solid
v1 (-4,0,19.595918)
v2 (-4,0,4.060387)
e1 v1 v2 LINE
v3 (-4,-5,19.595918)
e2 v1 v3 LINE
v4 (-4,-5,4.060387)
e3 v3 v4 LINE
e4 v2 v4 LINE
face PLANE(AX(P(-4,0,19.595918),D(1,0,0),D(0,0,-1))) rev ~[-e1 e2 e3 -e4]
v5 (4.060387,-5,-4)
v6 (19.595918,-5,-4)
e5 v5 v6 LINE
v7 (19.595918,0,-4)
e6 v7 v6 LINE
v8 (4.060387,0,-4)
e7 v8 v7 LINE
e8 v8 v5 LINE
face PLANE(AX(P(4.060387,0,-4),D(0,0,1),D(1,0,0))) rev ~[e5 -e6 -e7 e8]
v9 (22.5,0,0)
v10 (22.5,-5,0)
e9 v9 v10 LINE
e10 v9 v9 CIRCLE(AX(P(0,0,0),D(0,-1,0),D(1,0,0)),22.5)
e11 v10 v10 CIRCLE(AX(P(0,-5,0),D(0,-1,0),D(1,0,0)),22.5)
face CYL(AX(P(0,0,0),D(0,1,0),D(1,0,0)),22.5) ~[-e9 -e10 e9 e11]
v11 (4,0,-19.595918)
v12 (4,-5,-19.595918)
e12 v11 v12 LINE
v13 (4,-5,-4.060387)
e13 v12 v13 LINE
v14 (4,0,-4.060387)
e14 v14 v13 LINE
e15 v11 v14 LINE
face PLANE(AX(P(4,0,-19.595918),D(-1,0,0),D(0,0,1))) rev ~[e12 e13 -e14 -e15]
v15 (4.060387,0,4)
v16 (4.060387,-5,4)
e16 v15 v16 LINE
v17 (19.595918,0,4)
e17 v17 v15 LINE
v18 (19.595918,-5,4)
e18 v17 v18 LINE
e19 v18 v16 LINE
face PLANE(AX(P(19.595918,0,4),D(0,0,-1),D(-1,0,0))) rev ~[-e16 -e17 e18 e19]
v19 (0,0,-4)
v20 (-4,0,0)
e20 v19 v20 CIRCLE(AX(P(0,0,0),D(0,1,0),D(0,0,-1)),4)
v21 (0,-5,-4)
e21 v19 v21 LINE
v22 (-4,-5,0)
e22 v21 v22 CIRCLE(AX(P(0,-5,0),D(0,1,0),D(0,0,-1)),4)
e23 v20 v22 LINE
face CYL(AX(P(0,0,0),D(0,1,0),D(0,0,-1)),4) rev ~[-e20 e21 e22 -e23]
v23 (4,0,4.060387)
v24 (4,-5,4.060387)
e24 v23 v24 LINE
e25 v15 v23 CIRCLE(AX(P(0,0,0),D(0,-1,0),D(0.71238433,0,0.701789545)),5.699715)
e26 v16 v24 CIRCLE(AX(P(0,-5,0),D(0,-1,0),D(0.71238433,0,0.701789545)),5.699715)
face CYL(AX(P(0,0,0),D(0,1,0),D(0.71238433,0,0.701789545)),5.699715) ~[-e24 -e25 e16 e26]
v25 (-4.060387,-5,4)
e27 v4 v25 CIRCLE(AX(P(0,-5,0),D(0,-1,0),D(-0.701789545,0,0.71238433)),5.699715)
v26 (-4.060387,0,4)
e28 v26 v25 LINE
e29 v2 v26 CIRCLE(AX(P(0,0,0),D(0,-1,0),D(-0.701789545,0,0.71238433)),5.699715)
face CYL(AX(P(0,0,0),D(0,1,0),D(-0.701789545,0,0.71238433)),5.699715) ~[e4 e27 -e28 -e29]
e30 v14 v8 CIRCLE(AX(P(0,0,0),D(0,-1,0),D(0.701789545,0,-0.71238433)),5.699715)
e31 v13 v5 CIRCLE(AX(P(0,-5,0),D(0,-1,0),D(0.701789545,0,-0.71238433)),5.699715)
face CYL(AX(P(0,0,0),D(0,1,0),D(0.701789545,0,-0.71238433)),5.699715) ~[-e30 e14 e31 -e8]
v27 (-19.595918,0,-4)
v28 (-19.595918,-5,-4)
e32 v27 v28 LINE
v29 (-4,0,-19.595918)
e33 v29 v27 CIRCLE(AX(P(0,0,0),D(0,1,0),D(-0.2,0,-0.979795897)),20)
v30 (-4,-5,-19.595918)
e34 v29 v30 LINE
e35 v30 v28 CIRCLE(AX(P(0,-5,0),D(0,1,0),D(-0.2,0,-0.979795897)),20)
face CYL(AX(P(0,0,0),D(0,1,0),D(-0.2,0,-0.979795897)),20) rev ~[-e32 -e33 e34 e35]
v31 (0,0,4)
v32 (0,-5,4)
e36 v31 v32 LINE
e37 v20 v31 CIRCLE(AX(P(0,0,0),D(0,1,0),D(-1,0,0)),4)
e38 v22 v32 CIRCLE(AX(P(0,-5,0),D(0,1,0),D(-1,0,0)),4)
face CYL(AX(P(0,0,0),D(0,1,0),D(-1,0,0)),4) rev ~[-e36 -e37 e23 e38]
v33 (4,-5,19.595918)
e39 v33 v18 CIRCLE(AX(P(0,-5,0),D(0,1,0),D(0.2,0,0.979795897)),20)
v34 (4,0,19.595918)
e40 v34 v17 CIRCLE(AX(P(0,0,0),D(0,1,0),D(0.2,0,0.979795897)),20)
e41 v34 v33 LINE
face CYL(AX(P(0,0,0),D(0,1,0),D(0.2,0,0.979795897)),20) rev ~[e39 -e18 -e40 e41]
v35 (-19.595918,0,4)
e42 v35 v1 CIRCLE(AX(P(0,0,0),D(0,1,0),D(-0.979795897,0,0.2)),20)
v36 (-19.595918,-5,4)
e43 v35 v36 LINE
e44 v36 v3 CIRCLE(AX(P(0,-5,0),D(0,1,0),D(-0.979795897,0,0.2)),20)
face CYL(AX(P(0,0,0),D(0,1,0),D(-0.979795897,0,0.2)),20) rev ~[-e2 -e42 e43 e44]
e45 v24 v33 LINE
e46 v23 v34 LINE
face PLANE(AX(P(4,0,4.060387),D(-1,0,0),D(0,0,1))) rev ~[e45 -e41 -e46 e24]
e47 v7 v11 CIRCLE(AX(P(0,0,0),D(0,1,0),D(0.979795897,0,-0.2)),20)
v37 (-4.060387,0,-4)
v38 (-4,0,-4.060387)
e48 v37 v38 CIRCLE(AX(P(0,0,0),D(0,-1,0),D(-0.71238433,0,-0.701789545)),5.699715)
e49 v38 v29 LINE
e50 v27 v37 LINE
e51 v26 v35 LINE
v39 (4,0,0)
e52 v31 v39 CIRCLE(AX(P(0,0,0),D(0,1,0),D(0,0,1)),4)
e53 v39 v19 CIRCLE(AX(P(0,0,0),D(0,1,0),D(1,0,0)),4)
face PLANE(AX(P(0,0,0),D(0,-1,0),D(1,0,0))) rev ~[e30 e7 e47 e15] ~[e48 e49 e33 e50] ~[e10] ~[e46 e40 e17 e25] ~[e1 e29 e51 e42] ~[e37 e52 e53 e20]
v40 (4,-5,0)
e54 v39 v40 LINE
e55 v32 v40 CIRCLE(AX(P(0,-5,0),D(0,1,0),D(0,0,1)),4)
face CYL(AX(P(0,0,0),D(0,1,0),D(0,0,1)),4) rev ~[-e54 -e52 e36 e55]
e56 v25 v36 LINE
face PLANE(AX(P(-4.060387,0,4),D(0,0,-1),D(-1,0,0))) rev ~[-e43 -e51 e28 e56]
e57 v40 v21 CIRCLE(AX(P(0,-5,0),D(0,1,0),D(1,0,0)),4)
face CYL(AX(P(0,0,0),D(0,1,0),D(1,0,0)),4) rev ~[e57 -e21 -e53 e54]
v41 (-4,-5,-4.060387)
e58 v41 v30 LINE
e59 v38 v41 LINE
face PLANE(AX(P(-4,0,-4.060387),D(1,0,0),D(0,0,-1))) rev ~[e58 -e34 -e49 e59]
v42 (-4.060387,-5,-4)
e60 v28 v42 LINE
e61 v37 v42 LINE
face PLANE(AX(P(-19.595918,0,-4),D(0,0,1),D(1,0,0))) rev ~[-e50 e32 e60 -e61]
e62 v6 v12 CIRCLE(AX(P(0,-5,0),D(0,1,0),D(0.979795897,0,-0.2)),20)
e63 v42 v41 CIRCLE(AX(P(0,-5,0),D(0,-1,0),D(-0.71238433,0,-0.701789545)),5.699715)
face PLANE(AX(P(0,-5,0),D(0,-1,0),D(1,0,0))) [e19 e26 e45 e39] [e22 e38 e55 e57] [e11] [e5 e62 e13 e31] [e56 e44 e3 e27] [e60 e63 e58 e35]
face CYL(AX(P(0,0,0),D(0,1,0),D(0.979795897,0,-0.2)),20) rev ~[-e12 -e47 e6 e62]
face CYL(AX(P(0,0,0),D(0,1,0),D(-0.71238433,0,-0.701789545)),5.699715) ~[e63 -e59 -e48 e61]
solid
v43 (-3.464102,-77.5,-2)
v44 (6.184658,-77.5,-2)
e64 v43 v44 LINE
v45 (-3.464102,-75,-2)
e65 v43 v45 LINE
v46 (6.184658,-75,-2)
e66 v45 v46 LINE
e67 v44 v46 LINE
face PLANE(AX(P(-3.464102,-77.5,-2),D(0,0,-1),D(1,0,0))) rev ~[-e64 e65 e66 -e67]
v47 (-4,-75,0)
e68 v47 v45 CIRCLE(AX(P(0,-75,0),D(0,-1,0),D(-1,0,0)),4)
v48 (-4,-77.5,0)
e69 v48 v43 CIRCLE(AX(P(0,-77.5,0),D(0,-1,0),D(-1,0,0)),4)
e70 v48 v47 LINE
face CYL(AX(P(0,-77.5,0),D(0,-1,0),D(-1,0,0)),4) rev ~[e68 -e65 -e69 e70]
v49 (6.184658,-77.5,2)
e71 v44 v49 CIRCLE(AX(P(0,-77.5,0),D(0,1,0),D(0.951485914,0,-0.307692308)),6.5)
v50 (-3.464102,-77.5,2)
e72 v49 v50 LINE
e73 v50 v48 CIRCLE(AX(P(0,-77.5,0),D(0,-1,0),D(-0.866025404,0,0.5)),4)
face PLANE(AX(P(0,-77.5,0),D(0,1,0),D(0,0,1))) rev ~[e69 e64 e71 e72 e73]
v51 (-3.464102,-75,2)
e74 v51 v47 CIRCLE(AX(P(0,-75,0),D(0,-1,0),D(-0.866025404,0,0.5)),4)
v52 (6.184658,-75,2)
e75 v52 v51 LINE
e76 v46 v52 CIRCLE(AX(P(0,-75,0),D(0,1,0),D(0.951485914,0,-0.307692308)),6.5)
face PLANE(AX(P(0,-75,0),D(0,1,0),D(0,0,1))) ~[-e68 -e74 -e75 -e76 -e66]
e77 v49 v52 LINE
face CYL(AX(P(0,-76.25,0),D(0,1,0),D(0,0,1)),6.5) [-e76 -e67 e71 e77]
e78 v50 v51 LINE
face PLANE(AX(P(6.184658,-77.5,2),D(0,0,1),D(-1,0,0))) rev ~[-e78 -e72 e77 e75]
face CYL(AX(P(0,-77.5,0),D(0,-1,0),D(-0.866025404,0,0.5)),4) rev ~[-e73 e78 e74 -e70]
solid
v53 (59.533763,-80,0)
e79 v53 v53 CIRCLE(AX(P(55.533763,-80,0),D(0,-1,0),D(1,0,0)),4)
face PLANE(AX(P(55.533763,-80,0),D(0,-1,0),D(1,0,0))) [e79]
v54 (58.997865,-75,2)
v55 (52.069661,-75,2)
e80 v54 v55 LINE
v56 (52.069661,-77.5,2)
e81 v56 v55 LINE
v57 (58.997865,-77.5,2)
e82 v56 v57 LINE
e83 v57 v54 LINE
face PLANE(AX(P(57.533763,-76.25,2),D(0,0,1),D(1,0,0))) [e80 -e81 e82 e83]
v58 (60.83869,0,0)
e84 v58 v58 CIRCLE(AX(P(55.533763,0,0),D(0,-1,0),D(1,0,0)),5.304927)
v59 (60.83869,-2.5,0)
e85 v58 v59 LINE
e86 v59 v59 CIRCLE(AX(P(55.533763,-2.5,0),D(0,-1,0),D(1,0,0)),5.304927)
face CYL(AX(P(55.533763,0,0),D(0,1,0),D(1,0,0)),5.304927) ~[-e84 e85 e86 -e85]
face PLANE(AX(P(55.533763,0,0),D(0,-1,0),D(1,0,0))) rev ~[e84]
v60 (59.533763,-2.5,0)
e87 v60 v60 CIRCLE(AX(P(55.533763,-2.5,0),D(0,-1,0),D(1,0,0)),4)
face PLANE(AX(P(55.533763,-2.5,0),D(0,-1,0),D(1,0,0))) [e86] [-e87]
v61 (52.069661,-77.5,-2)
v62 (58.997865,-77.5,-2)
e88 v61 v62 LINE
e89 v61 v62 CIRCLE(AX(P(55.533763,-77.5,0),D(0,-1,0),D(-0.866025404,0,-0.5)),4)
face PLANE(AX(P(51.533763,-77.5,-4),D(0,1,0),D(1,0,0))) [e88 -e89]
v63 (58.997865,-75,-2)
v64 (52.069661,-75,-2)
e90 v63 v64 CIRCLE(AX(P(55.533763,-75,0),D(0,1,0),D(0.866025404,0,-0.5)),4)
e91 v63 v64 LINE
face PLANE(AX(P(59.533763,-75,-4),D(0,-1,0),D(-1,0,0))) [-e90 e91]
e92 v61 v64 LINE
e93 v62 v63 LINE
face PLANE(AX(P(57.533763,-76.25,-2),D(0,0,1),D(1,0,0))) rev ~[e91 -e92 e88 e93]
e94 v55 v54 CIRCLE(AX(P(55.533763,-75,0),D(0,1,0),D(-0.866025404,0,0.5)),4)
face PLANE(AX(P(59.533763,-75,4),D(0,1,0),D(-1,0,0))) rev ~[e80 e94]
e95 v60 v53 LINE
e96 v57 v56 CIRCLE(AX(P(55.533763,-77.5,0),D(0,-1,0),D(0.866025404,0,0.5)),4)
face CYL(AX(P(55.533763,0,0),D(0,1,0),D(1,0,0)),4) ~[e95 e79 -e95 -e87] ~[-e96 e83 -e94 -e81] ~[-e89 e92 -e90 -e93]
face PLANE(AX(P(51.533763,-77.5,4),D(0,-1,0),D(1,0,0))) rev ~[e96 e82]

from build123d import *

# Parameters (mm, degrees)
F0_R      = 22.5
F1_DEPTH  = 5
F0_R_2    = 4
F2_DEPTH  = 80
F0_R_3    = 5.3049269063
F3_DEPTH  = 2.5
F6_W      = 4
F6_H      = 2.5
F7_DEPTH  = 2
F9_W      = 4
F9_H      = 2.5
F10_DEPTH = 2
F11_W     = 2.5
F11_H     = 2
F11_H_2   = 2.5
F14_DEPTH = 25


with BuildPart() as f1:
    # F0 (on Front) → F1 (new body)
    with BuildSketch(Plane.XZ):
        Circle(F0_R)
        with BuildLine():
            ThreePointArc((19.5959179423, 4), (19.8987230601, 2.0101792401), (20, 0))
            ThreePointArc((20, 0), (19.8987230601, -2.0101792401), (19.5959179423, -4))
            ThreePointArc((19.5959179423, -4), (14.1421356237, -14.1421356237), (4, -19.5959179423))
            ThreePointArc((4, -19.5959179423), (2.0101792401, -19.8987230601), (0, -20))
            ThreePointArc((0, -20), (-2.0101792401, -19.8987230601), (-4, -19.5959179423))
            ThreePointArc((-4, -19.5959179423), (-14.1421356237, -14.1421356237), (-19.5959179423, -4))
            ThreePointArc((-19.5959179423, -4), (-19.8987230601, -2.0101792401), (-20, 0))
            ThreePointArc((-20, 0), (-19.8987230601, 2.0101792401), (-19.5959179423, 4))
            ThreePointArc((-19.5959179423, 4), (-14.1421356237, 14.1421356237), (-4, 19.5959179423))
            ThreePointArc((-4, 19.5959179423), (-2.0101792401, 19.8987230601), (0, 20))
            ThreePointArc((0, 20), (2.0101792401, 19.8987230601), (4, 19.5959179423))
            ThreePointArc((4, 19.5959179423), (14.1421356237, 14.1421356237), (19.5959179423, 4))
        make_face(mode=Mode.SUBTRACT)
        with BuildLine():
            Line((-4.0603872565, 4), (-19.5959179423, 4))
            ThreePointArc((-19.5959179423, 4), (-19.8987230601, 2.0101792401), (-20, 0))
            Line((-20, 0), (-5.6997144378, 0))
            ThreePointArc((-5.6997144378, 0), (-5.2739829608, 2.1614459054), (-4.0603872565, 4))
        make_face()
        with BuildLine():
            Line((-4, 4), (0, 4))
            Line((0, 4), (0, 5.6997144378))
            ThreePointArc((0, 5.6997144378), (-2.1614459054, 5.2739829608), (-4, 4.0603872565))
            Line((-4, 4.0603872565), (-4, 4))
        make_face()
        with BuildLine():
            Line((0, 5.6997144378), (0, 20))
            ThreePointArc((0, 20), (-2.0101792401, 19.8987230601), (-4, 19.5959179423))
            Line((-4, 19.5959179423), (-4, 4.0603872565))
            ThreePointArc((-4, 4.0603872565), (-2.1614459054, 5.2739829608), (0, 5.6997144378))
        make_face()
        with BuildLine():
            Line((4, 4), (4, 4.0603872565))
            ThreePointArc((4, 4.0603872565), (2.1614459054, 5.2739829608), (0, 5.6997144378))
            Line((0, 5.6997144378), (0, 4))
            Line((0, 4), (4, 4))
        make_face()
        with BuildLine():
            Line((4, 4.0603872565), (4, 19.5959179423))
            ThreePointArc((4, 19.5959179423), (2.0101792401, 19.8987230601), (0, 20))
            Line((0, 20), (0, 5.6997144378))
            ThreePointArc((0, 5.6997144378), (2.1614459054, 5.2739829608), (4, 4.0603872565))
        make_face()
        with BuildLine():
            ThreePointArc((-20, 0), (-19.8987230601, -2.0101792401), (-19.5959179423, -4))
            Line((-19.5959179423, -4), (-4.0603872565, -4))
            ThreePointArc((-4.0603872565, -4), (-5.2739829608, -2.1614459054), (-5.6997144378, 0))
            Line((-5.6997144378, 0), (-20, 0))
        make_face()
        with BuildLine():
            ThreePointArc((0, 4), (2.8284271247, 2.8284271247), (4, 0))
            Line((4, 0), (4, 4))
            Line((4, 4), (0, 4))
        make_face()
        with BuildLine():
            Line((5.6997144378, 0), (20, 0))
            ThreePointArc((20, 0), (19.8987230601, 2.0101792401), (19.5959179423, 4))
            Line((19.5959179423, 4), (4.0603872565, 4))
            ThreePointArc((4.0603872565, 4), (5.2739829608, 2.1614459054), (5.6997144378, 0))
        make_face()
        with BuildLine():
            ThreePointArc((-4, 0), (-2.8284271247, 2.8284271247), (0, 4))
            Line((0, 4), (-4, 4))
            Line((-4, 4), (-4, 0))
        make_face()
        with BuildLine():
            Line((-4, -4), (0, -4))
            ThreePointArc((0, -4), (-2.8284271247, -2.8284271247), (-4, 0))
            Line((-4, 0), (-4, -4))
        make_face()
        with BuildLine():
            Line((4, -4), (4, 0))
            ThreePointArc((4, 0), (2.8284271247, -2.8284271247), (0, -4))
            Line((0, -4), (4, -4))
        make_face()
        with BuildLine():
            ThreePointArc((19.5959179423, -4), (19.8987230601, -2.0101792401), (20, 0))
            Line((20, 0), (5.6997144378, 0))
            ThreePointArc((5.6997144378, 0), (5.2739829608, -2.1614459054), (4.0603872565, -4))
            Line((4.0603872565, -4), (19.5959179423, -4))
        make_face()
        with BuildLine():
            ThreePointArc((0, -5.6997144378), (2.1614459054, -5.2739829608), (4, -4.0603872565))
            Line((4, -4.0603872565), (4, -4))
            Line((4, -4), (0, -4))
            Line((0, -4), (0, -5.6997144378))
        make_face()
        with BuildLine():
            ThreePointArc((0, -20), (2.0101792401, -19.8987230601), (4, -19.5959179423))
            Line((4, -19.5959179423), (4, -4.0603872565))
            ThreePointArc((4, -4.0603872565), (2.1614459054, -5.2739829608), (0, -5.6997144378))
            Line((0, -5.6997144378), (0, -20))
        make_face()
        with BuildLine():
            Line((0, -5.6997144378), (0, -4))
            Line((0, -4), (-4, -4))
            Line((-4, -4), (-4, -4.0603872565))
            ThreePointArc((-4, -4.0603872565), (-2.1614459054, -5.2739829608), (0, -5.6997144378))
        make_face()
        with BuildLine():
            ThreePointArc((-4, -19.5959179423), (-2.0101792401, -19.8987230601), (0, -20))
            Line((0, -20), (0, -5.6997144378))
            ThreePointArc((0, -5.6997144378), (-2.1614459054, -5.2739829608), (-4, -4.0603872565))
            Line((-4, -4.0603872565), (-4, -19.5959179423))
        make_face()
        with BuildLine():
            Line((-5.6997144378, 0), (-4, 0))
            Line((-4, 0), (-4, 4))
            Line((-4, 4), (-4.0603872565, 4))
            ThreePointArc((-4.0603872565, 4), (-5.2739829608, 2.1614459054), (-5.6997144378, 0))
        make_face()
        with BuildLine():
            Line((-4, -4), (-4, 0))
            Line((-4, 0), (-5.6997144378, 0))
            ThreePointArc((-5.6997144378, 0), (-5.2739829608, -2.1614459054), (-4.0603872565, -4))
            Line((-4.0603872565, -4), (-4, -4))
        make_face()
        with BuildLine():
            Line((-4.0603872565, 4), (-4, 4))
            Line((-4, 4), (-4, 4.0603872565))
            ThreePointArc((-4, 4.0603872565), (-4.0303067298, 4.0303067298), (-4.0603872565, 4))
        make_face()
        with BuildLine():
            Line((4, 4), (4.0603872565, 4))
            ThreePointArc((4.0603872565, 4), (4.0303067298, 4.0303067298), (4, 4.0603872565))
            Line((4, 4.0603872565), (4, 4))
        make_face()
        with BuildLine():
            ThreePointArc((4, -4.0603872565), (4.0303067298, -4.0303067298), (4.0603872565, -4))
            Line((4.0603872565, -4), (4, -4))
            Line((4, -4), (4, -4.0603872565))
        make_face()
        with BuildLine():
            ThreePointArc((4.0603872565, -4), (5.2739829608, -2.1614459054), (5.6997144378, 0))
            Line((5.6997144378, 0), (4, 0))
            Line((4, 0), (4, -4))
            Line((4, -4), (4.0603872565, -4))
        make_face()
        with BuildLine():
            Line((4, 0), (5.6997144378, 0))
            ThreePointArc((5.6997144378, 0), (5.2739829608, 2.1614459054), (4.0603872565, 4))
            Line((4.0603872565, 4), (4, 4))
            Line((4, 4), (4, 0))
        make_face()
        with BuildLine():
            Line((-4, -4.0603872565), (-4, -4))
            Line((-4, -4), (-4.0603872565, -4))
            ThreePointArc((-4.0603872565, -4), (-4.0303067298, -4.0303067298), (-4, -4.0603872565))
        make_face()
    extrude(amount=F1_DEPTH)


with BuildPart() as f2:
    # F0 (on Front) → F2 (new body)
    with BuildSketch(Plane.XZ):
        with Locations((55.5337630212, 0)):
            Circle(F0_R_2)
    extrude(amount=F2_DEPTH)

    # F0 (on Front) → F3 (join)
    with BuildSketch(Plane.XZ):
        with Locations((55.5337630212, 0)):
            Circle(F0_R_3)
        with Locations((55.5337630212, 0)):
            Circle(F0_R_2, mode=Mode.SUBTRACT)
    extrude(amount=F3_DEPTH)

    # F6 (on offset) → F7 (cut)
    with BuildSketch(Plane.XY.offset(4)):
        with Locations((57.5337630212, -76.25)):
            Rectangle(F6_W, F6_H)
        with Locations((53.5337630212, -76.25)):
            Rectangle(F6_W, F6_H)
    extrude(amount=-F7_DEPTH, mode=Mode.SUBTRACT)

    # F9 (on offset) → F10 (cut)
    with BuildSketch(Plane.XY.offset(-4)):
        with Locations((57.5337630212, -76.25)):
            Rectangle(F9_W, F9_H)
        with Locations((53.5337630212, -76.25)):
            Rectangle(F9_W, F9_H)
    extrude(amount=F10_DEPTH, mode=Mode.SUBTRACT)


with BuildPart() as f12:
    # F11 (on Right) → F12 (revolve)
    with BuildSketch(Plane.YZ):
        with Locations((-76.25, 1)):
            Rectangle(F11_W, F11_H)
        with Locations((-76.25, 3)):
            Rectangle(F11_W, F11_H)
        with Locations((-76.25, 5.25)):
            Rectangle(F11_W, F11_H_2)
    revolve(axis=Axis((0, -76.25, 0), (0, 1, 0)))

    # F13 (on face) → F14 (cut)
    with BuildSketch(Plane.XZ.offset(77.5)):
        with BuildLine():
            ThreePointArc((4, 0), (3.8637033052, 1.0352761804), (3.4641016151, 2))
            Line((3.4641016151, 2), (0, 2))
            Line((0, 2), (0, 0))
            Line((0, 0), (4, 0))
        make_face()
        with BuildLine():
            Line((6.1846584384, 2), (3.4641016151, 2))
            ThreePointArc((3.4641016151, 2), (3.8637033052, 1.0352761804), (4, 0))
            Line((4, 0), (6.5, 0))
            ThreePointArc((6.5, 0), (6.4206806434, 1.0123537302), (6.1846584384, 2))
        make_face()
        with BuildLine():
            ThreePointArc((3.4641016151, -2), (3.8637033052, -1.0352761804), (4, 0))
            Line((4, 0), (0, 0))
            Line((0, 0), (0, -2))
            Line((0, -2), (3.4641016151, -2))
        make_face()
        with BuildLine():
            Line((0, 0), (-4, 0))
            ThreePointArc((-4, 0), (-3.8637033052, -1.0352761804), (-3.4641016151, -2))
            Line((-3.4641016151, -2), (0, -2))
            Line((0, -2), (0, 0))
        make_face()
        with BuildLine():
            Line((0, 2), (-3.4641016151, 2))
            ThreePointArc((-3.4641016151, 2), (-3.8637033052, 1.0352761804), (-4, 0))
            Line((-4, 0), (0, 0))
            Line((0, 0), (0, 2))
        make_face()
        with BuildLine():
            Line((6.5, 0), (4, 0))
            ThreePointArc((4, 0), (3.8637033052, -1.0352761804), (3.4641016151, -2))
            Line((3.4641016151, -2), (6.1846584384, -2))
            ThreePointArc((6.1846584384, -2), (6.4206806434, -1.0123537302), (6.5, 0))
        make_face()
    extrude(amount=-F14_DEPTH, mode=Mode.SUBTRACT)


solid = Compound([f1.part, f2.part, f12.part])
